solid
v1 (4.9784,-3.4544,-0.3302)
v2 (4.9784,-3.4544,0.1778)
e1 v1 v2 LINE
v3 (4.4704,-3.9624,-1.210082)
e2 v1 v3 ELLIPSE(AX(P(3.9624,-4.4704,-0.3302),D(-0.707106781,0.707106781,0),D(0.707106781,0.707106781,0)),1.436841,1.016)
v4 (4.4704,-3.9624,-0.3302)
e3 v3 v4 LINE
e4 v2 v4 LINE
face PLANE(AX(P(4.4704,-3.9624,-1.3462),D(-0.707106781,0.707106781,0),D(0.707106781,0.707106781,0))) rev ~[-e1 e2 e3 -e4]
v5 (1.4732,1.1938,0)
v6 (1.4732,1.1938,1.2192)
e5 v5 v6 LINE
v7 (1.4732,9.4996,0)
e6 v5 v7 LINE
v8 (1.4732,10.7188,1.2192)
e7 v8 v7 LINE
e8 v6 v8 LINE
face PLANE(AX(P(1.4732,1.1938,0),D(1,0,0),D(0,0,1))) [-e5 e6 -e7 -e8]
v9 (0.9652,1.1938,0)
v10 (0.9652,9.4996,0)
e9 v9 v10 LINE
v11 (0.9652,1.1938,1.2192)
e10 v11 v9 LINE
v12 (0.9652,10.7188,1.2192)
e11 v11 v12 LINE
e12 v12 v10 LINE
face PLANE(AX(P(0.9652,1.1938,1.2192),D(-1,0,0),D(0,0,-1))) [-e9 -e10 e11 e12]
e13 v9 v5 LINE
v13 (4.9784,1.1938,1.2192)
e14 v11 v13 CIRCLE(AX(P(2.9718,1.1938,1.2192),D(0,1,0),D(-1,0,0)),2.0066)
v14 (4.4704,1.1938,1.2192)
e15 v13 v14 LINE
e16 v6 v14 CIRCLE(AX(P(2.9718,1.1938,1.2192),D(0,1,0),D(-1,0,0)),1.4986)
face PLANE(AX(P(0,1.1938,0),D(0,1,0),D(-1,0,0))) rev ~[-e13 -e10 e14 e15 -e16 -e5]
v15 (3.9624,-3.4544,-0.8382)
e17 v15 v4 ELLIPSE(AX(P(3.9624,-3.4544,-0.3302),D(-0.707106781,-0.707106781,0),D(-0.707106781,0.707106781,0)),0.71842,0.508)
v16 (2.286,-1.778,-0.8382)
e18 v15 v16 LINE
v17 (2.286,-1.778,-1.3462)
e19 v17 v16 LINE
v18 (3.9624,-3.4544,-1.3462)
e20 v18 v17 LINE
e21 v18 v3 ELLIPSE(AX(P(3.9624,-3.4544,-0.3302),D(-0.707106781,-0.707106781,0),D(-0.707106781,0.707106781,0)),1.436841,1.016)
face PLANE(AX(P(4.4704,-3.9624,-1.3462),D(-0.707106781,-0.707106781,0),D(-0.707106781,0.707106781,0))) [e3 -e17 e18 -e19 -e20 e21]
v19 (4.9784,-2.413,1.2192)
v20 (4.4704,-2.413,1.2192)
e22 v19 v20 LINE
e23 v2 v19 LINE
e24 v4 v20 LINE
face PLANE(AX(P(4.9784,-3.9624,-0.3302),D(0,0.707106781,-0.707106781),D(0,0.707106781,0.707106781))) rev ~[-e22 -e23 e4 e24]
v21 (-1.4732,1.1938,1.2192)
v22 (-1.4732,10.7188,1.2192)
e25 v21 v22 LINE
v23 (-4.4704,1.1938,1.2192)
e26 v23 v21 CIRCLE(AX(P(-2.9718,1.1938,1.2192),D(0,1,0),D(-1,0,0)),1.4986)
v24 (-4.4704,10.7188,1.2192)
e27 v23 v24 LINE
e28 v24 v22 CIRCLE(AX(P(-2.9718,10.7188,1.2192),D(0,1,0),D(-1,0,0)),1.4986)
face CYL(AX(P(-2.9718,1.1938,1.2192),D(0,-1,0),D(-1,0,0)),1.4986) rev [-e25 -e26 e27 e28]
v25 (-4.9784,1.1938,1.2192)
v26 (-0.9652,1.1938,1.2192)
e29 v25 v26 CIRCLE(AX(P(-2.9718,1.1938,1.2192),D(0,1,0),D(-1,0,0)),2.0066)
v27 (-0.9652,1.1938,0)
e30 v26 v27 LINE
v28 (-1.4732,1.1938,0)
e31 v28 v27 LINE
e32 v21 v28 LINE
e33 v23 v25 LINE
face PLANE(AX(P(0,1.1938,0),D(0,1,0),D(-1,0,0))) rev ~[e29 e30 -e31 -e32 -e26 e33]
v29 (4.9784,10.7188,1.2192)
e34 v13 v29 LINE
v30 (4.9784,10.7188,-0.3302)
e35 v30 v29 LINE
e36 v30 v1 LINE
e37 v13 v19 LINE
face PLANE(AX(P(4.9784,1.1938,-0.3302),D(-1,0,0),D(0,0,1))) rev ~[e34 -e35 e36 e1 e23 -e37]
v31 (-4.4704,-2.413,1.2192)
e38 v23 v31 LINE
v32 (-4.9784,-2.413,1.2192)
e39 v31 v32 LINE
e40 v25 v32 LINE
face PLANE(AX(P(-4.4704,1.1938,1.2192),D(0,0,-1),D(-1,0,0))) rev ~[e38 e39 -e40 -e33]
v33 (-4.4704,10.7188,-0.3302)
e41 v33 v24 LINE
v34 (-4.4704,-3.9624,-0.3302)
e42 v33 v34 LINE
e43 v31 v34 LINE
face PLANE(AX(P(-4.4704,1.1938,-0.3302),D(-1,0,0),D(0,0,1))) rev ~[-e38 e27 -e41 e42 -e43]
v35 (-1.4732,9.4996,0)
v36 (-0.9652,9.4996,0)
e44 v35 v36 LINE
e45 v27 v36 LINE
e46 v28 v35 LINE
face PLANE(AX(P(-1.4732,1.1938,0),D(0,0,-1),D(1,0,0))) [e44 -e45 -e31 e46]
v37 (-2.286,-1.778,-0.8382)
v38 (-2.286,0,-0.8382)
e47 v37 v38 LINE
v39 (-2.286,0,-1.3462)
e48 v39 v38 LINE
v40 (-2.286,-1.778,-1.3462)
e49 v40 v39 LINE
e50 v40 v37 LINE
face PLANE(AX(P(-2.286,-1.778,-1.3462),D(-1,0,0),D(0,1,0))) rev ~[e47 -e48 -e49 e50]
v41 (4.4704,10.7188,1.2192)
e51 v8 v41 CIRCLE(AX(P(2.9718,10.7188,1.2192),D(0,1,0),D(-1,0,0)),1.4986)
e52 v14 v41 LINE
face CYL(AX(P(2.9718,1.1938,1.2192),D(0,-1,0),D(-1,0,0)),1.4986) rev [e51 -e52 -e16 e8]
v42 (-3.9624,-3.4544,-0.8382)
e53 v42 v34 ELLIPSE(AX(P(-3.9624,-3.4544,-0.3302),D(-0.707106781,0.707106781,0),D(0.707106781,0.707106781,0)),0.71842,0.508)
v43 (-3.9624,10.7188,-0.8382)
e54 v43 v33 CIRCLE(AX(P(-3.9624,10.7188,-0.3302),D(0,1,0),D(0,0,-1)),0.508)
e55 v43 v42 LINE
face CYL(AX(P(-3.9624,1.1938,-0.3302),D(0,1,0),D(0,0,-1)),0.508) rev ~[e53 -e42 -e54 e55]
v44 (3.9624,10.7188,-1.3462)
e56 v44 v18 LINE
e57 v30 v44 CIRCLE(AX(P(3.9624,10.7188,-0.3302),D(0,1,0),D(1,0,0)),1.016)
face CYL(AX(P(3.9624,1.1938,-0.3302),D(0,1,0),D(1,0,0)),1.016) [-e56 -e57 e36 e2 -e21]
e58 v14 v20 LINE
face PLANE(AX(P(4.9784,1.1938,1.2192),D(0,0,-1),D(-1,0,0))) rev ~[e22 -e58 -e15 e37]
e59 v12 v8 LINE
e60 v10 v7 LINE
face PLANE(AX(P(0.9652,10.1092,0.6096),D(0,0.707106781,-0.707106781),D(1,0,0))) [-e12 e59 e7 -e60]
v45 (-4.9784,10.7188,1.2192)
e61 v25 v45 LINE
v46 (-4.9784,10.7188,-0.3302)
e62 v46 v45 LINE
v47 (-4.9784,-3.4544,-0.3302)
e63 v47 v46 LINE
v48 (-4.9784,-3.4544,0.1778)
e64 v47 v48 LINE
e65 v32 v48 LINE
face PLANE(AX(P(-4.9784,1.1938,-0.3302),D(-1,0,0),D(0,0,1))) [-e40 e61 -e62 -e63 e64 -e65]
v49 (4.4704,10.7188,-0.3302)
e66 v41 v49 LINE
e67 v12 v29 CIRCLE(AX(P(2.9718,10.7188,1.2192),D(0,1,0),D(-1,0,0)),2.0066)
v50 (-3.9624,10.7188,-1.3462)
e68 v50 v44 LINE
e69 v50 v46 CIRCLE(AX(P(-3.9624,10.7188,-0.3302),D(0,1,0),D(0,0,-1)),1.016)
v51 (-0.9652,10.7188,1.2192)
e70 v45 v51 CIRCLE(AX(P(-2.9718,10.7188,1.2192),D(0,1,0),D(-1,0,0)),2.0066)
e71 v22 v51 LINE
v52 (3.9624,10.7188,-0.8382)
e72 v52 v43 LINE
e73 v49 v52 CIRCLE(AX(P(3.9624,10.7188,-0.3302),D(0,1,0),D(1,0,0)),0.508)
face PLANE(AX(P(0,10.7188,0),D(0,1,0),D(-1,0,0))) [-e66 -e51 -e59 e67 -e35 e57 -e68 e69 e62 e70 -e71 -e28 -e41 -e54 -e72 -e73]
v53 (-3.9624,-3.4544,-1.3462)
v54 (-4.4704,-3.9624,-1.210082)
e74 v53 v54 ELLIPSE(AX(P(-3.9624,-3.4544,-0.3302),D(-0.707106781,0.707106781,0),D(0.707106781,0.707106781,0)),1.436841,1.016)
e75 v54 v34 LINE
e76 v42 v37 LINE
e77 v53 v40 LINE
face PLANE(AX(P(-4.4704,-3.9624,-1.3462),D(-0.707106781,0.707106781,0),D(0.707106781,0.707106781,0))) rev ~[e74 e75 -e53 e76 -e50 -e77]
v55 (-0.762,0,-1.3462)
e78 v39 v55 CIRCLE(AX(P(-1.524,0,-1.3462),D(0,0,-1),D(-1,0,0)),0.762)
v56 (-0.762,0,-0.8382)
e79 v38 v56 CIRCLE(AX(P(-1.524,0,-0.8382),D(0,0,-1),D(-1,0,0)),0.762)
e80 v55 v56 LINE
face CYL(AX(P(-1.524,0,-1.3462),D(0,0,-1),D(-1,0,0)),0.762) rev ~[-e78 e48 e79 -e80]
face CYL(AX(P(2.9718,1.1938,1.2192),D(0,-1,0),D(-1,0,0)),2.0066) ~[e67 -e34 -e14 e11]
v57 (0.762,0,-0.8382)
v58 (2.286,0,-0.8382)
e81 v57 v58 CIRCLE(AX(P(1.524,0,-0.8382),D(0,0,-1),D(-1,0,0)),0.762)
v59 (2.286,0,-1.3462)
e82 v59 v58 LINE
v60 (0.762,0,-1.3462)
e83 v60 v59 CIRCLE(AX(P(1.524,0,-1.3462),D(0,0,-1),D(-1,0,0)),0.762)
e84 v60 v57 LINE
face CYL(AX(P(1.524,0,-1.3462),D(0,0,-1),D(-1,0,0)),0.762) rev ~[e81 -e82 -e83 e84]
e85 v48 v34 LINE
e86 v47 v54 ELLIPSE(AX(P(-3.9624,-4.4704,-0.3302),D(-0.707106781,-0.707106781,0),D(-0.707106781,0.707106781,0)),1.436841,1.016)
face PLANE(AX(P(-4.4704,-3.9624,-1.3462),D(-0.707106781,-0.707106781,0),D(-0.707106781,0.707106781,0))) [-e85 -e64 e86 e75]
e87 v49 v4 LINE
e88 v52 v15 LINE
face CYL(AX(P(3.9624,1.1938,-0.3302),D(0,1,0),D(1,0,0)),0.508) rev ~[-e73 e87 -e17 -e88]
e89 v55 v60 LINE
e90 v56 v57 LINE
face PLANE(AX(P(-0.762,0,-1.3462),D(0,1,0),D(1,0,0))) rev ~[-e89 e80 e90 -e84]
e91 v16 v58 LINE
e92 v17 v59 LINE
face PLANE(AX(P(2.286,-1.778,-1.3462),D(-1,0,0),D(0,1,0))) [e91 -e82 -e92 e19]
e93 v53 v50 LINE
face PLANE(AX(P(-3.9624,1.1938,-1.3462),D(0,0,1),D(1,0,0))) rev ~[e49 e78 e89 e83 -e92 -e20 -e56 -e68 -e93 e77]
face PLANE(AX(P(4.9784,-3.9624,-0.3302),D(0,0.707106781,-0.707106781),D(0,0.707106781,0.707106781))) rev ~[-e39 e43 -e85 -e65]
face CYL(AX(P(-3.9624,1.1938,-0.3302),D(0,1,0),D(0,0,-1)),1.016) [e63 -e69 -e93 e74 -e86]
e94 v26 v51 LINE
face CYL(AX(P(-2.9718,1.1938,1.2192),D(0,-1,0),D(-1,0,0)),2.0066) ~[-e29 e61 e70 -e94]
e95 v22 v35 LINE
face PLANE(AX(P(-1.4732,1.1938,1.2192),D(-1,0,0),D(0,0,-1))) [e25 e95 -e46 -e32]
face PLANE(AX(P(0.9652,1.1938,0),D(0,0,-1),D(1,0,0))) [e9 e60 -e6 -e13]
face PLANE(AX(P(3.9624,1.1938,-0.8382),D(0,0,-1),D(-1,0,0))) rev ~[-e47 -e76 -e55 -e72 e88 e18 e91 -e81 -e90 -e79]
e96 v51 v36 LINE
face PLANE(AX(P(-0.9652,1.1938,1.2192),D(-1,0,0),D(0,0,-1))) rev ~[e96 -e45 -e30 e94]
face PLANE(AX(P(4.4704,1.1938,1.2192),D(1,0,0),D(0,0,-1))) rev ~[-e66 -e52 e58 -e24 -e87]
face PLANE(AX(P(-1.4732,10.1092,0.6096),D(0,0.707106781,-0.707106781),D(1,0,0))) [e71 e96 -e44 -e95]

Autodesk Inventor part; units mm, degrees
ref_plane "YZ Plane" through (0, 0, 0) normal (1, 0, 0) x (0, 1, 0)
ref_plane "XY Plane" through (0, 0, 0) normal (0, 0, 1) x (1, 0, 0)
ref_plane "Work Plane1" through (0, 1.1938, 0) normal (0, 1, 0) x (-1, 0, 0)
sketch "Sketch1" plane through (0, 1.1938, 0) normal (0, 1, 0) x (-1, 0, 0)
  line L0 (0, 0) -> (0, -1.3462) construction
  line L1 (3.9624, -1.3462) -> (-3.9624, -1.3462)
  line L2 (4.9784, -0.3302) -> (4.9784, 1.2192)
  line L3 (-4.9784, -0.3302) -> (-4.9784, 1.2192)
  line L4 (4.9784, 3.2258) -> (0.9652, 3.2258) construction
  line L5 (0.9652, 3.2258) -> (0.9652, 1.2192) construction
  line L6 (-4.9784, 3.2258) -> (-0.9652, 3.2258) construction
  line L7 (-0.9652, 3.2258) -> (-0.9652, 1.2192) construction
  arc A0 (4.9784, 1.2192) -> (0.9652, 1.2192) centre (2.9718, 1.2192) ccw
  arc A1 (-0.9652, 1.2192) -> (-4.9784, 1.2192) centre (-2.9718, 1.2192) ccw
  line L8 (4.9784, 1.2192) -> (4.9784, 3.2258) construction
  line L9 (-4.9784, 1.2192) -> (-4.9784, 3.2258) construction
  arc A2 (3.9624, -1.3462) -> (4.9784, -0.3302) centre (3.9624, -0.3302) ccw
  arc A3 (-4.9784, -0.3302) -> (-3.9624, -1.3462) centre (-3.9624, -0.3302) ccw
  line L10 (0.9652, 1.2192) -> (0.9652, 0)
  line L11 (-0.9652, 1.2192) -> (-0.9652, 0)
  line L12 (-1.4732, 0) -> (-1.4732, 1.2192)
  arc A4 (-1.4732, 1.2192) -> (-4.4704, 1.2192) centre (-2.9718, 1.2192) ccw
  line L13 (-4.4704, 1.2192) -> (-4.4704, -0.3302)
  arc A5 (-4.4704, -0.3302) -> (-3.9624, -0.8382) centre (-3.9624, -0.3302) ccw
  line L14 (-3.9624, -0.8382) -> (3.9624, -0.8382)
  arc A6 (3.9624, -0.8382) -> (4.4704, -0.3302) centre (3.9624, -0.3302) ccw
  line L15 (4.4704, -0.3302) -> (4.4704, 1.2192)
  arc A7 (4.4704, 1.2192) -> (1.4732, 1.2192) centre (2.9718, 1.2192) ccw
  line L16 (1.4732, 1.2192) -> (1.4732, 0)
  line L17 (1.4732, 0) -> (0.9652, 0)
  line L18 (-0.9652, 0) -> (-1.4732, 0)
  line L19 (-4.9784, 1.2192) -> (-4.4704, 1.2192)
  line L20 (4.4704, 1.2192) -> (4.9784, 1.2192)
  point P0 (4.9784, -1.3462)
  point P1 (-4.9784, -1.3462)
  dimension "d1" = 1.3462
  dimension "d2" = 9.9568
  dimension "d3" = 4.572
  dimension "d4" = 4.572
  dimension "d5" = 1.9304
  dimension "d6" = 1.016
  dimension "d7" = 0.508
extrude "Extrusion1" add sketch "Sketch1" along normal blind 9.525
extrude "Extrusion2" add sketch "Sketch1" against normal blind 5.1562 contours L1 A3 L3 L19 L13 A5 L14 A6 L15 L20 L2 A2
sketch "Sketch2" plane through (3.9624, 10.7188, -1.3462) normal (0, 0, -1) x (-1, 0, 0)
  line L0 (-0.508, 0) -> (-0.508, -14.6812) construction
  line L1 (-0.508, -14.6812) -> (-1.016, -14.1732)
  line L2 (-1.016, 0) -> (-1.016, -14.6812) construction
  line L3 (-0.508, -14.6812) -> (0.2104, -14.6812) construction
  line L4 (8.4328, 0) -> (8.4328, -14.6812) construction
  line L5 (8.4328, -14.6812) -> (8.9408, -14.1732)
  line L6 (8.9408, 0) -> (8.9408, -14.6812) construction
  line L7 (8.4328, -14.6812) -> (9.1512, -14.6812) construction
  line L8 (-0.508, -14.6812) -> (1.6764, -12.4968)
  line L9 (-0.508, -14.6812) -> (2.5812, -14.6812) construction
  line L10 (8.4328, -14.6812) -> (6.2484, -12.4968)
  line L11 (8.4328, -14.6812) -> (11.522, -14.6812) construction
  arc A0 (3.2004, -10.7188) -> (1.6764, -10.7188) centre (2.4384, -10.7188) ccw
  arc A1 (6.2484, -10.7188) -> (4.7244, -10.7188) centre (5.4864, -10.7188) ccw
  line L12 (1.6764, -12.4968) -> (1.6764, -10.7188)
  line L13 (6.2484, -12.4968) -> (6.2484, -10.7188)
  line L14 (4.7244, -10.7188) -> (3.2004, -10.7188)
  line L15 (-1.016, -14.1732) -> (-2.2198, -16.6808)
  line L16 (-2.2198, -16.6808) -> (9.9774, -16.6808)
  line L17 (9.9774, -16.6808) -> (8.9408, -14.1732)
  point P0 (3.9624, -10.7188)
  dimension "d12" = 135
  dimension "d13" = 45
  dimension "d14" = 45
  dimension "d15" = 135
  dimension "d16" = 4.572
  dimension "d17" = 1.524
  dimension "d18" = 1.524
  dimension "d19" = 0.762
  dimension "d20" = 0.762
  dimension "d21" = 0
  dimension "d22" = 0
extrude "Extrusion3" cut sketch "Sketch2" against normal through all
sketch "Sketch3" plane through (4.9784, 10.7188, 1.2192) normal (1, 0, 0) x (0, 0, -1)
  line L0 (1.5494, -14.6812) -> (2.4293, -14.6812) projected
  line L1 (1.5494, -14.6812) -> (0, -13.1318)
  line L2 (0, -9.525) -> (0, -14.1732) projected
  line L3 (1.5494, -14.6812) -> (3.7406, -14.6812) construction
  line L4 (0, -13.1318) -> (-1.4703, -15.0958)
  line L5 (1.5494, 0) -> (1.5494, -14.6812) projected
  line L6 (-1.4703, -15.0958) -> (1.5494, -14.6812)
  point P0 (1.2192, -10.7188)
  dimension "d25" = 135
extrude "Extrusion4" cut sketch "Sketch3" against normal through all
chamfer "Chamfer1" distance 1.2192 angle 45 2 edges at (-1.2192, 10.7188, 0) (1.2192, 10.7188, 0)
properties part number "fuse clip"
